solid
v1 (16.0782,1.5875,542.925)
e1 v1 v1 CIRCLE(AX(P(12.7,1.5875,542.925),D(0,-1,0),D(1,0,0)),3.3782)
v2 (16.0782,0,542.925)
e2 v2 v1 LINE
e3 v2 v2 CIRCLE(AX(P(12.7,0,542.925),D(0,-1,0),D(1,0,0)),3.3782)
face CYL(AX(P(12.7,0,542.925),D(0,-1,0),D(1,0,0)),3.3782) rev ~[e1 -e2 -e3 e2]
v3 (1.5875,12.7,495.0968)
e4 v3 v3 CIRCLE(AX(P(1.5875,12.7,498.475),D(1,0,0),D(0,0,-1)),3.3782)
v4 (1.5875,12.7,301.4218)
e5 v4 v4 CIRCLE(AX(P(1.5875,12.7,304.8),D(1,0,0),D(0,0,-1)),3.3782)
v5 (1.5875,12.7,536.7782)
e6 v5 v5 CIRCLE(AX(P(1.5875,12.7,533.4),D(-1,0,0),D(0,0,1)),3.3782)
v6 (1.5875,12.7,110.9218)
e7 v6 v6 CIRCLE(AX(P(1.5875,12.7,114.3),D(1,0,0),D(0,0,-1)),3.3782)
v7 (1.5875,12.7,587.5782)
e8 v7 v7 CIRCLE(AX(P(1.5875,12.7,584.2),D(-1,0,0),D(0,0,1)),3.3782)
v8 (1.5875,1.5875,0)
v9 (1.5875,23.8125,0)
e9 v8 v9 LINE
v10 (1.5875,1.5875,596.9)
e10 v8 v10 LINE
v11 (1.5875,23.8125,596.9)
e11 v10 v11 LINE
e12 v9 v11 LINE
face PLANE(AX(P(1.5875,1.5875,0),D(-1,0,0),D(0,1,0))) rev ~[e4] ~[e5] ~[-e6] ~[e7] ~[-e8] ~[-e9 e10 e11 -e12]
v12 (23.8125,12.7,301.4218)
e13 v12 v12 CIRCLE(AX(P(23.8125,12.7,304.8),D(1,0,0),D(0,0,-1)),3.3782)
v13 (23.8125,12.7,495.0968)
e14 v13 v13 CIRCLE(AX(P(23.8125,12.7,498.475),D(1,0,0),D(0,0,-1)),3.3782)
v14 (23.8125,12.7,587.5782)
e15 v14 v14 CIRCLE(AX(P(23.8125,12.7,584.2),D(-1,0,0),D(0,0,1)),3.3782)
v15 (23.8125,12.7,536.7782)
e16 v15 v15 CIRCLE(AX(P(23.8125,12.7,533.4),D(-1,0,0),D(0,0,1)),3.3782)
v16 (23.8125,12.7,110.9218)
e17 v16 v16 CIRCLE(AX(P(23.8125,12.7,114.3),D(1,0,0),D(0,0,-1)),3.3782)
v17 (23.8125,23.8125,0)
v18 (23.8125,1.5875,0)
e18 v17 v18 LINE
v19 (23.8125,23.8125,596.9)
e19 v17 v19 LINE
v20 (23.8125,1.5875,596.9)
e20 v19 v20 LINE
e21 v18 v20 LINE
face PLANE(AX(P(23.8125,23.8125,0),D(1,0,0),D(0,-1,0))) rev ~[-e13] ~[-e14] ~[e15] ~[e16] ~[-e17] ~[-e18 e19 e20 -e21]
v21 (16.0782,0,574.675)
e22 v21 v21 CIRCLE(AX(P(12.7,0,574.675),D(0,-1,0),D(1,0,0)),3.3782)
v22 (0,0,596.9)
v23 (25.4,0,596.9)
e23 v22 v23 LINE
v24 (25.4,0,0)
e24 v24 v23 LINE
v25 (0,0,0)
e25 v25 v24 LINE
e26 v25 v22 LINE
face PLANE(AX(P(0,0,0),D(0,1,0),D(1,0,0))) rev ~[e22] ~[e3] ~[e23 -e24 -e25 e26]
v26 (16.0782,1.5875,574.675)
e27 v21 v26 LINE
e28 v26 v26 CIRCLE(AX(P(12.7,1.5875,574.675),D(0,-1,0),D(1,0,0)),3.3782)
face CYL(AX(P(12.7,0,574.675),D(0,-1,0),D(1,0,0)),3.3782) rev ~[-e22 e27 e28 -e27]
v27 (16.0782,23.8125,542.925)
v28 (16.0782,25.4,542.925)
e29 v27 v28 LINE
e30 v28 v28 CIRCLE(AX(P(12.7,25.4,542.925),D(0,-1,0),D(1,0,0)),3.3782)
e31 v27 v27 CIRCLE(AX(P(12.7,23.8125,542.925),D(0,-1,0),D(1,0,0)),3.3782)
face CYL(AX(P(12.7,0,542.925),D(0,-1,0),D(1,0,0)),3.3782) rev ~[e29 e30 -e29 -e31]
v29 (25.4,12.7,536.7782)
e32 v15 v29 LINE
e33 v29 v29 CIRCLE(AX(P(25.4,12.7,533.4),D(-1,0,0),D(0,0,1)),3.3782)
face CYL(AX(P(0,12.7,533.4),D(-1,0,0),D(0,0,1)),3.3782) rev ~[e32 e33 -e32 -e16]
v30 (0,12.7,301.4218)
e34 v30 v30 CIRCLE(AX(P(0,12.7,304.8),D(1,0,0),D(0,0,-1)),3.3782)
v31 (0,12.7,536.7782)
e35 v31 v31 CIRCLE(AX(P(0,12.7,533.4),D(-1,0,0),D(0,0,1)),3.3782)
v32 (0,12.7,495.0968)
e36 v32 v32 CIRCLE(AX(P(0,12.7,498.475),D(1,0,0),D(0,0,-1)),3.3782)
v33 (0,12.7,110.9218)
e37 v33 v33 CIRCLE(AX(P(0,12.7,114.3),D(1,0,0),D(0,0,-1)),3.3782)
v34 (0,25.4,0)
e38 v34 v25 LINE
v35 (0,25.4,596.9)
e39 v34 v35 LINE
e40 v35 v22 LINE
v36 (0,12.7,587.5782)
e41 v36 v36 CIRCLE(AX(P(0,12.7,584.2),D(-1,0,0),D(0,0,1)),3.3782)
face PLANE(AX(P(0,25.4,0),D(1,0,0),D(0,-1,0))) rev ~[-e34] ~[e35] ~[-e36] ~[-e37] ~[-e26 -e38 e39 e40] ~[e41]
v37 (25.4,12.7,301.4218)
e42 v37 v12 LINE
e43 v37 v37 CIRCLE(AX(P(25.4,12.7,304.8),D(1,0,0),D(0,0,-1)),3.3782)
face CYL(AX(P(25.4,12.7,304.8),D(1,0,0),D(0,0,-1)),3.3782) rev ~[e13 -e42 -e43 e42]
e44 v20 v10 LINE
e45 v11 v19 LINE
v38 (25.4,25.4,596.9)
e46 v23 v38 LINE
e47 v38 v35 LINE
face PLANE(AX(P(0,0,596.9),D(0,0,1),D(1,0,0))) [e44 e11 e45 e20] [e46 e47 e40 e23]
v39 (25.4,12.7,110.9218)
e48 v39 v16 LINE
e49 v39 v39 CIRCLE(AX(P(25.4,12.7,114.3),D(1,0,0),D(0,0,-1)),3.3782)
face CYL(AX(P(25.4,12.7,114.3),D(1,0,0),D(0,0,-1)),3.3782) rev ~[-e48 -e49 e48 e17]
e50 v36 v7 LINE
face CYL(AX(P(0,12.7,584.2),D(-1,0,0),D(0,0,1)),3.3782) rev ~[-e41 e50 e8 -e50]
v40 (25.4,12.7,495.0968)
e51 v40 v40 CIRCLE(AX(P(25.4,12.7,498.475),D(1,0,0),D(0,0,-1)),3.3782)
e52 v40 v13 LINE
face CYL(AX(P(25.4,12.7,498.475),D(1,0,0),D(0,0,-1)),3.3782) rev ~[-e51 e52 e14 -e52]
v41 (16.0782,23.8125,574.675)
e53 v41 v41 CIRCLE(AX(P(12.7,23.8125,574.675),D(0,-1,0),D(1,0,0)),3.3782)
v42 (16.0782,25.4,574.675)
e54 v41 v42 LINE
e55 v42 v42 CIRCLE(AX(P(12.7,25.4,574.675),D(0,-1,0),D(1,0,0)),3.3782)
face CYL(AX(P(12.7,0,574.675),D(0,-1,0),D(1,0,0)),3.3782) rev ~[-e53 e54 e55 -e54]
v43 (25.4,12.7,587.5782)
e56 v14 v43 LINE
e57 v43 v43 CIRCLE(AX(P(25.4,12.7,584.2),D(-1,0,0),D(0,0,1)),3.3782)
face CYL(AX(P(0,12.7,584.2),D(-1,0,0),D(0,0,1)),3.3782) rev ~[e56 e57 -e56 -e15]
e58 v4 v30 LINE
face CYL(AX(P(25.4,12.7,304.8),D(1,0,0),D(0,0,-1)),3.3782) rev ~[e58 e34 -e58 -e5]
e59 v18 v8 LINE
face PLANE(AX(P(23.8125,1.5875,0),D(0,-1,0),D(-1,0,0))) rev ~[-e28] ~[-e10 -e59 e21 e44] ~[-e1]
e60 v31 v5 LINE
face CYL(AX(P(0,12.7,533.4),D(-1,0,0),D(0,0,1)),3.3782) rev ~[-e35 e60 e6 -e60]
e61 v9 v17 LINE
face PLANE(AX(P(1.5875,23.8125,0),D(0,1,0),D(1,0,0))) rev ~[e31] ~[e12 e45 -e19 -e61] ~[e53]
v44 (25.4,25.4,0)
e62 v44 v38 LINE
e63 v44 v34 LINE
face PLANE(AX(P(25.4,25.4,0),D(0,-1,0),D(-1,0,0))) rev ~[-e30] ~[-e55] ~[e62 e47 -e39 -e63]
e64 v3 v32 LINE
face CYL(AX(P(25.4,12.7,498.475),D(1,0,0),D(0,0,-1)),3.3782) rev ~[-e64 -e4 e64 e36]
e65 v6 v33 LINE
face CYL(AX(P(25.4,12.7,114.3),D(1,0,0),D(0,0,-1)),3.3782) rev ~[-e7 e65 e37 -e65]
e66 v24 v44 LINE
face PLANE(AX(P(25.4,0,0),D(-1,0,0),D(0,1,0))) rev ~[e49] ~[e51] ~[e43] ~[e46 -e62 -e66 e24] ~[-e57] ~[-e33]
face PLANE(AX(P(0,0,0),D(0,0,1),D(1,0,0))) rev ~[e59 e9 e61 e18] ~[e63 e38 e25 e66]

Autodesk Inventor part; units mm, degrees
ref_plane "YZ Plane" through (0, 0, 0) normal (1, 0, 0) x (0, 1, 0)
ref_plane "XZ Plane" through (0, 0, 0) normal (0, 1, 0) x (-1, 0, 0)
ref_plane "XY Plane" through (0, 0, 0) normal (0, 0, 1) x (1, 0, 0)
sketch "Sketch1" plane through (0, 0, 0) normal (0, 0, 1) x (1, 0, 0)
  line L0 (0, 0) -> (25.4, 0)
  line L1 (25.4, 0) -> (25.4, 25.4)
  line L2 (25.4, 25.4) -> (0, 25.4)
  line L3 (0, 25.4) -> (0, 0)
  line L4 (1.5875, 23.8125) -> (23.8125, 23.8125)
  line L5 (23.8125, 23.8125) -> (23.8125, 1.5875)
  line L6 (23.8125, 1.5875) -> (1.5875, 1.5875)
  line L7 (1.5875, 1.5875) -> (1.5875, 23.8125)
  dimension "d0" = 25.4
  dimension "d2" = 25.4
  dimension "d3" = 1.5875
extrude "Extrusion1" add sketch "Sketch1" along normal blind 596.9
sketch "Sketch3" plane through (0, 0, 0) normal (0, -1, 0) x (1, 0, 0)
  circle A0 centre (12.7, 574.675) radius 3.3782 projected
  circle A1 centre (12.7, 542.925) radius 3.3782 projected
extrude "Extrusion3" cut sketch "Sketch3" against normal blind 25.4
sketch "Sketch4" plane through (0, 0, 0) normal (-1, 0, 0) x (0, 0, 1)
  circle A0 centre (533.4, 12.7) radius 3.3782 projected
  circle A1 centre (584.2, 12.7) radius 3.3782 projected
extrude "Extrusion4" cut sketch "Sketch4" against normal blind 25.4
sketch "Sketch5" plane through (25.4, 0, 0) normal (1, 0, 0) x (0, 0, -1)
  line L0 (0, 25.4) -> (-596.9, 25.4) projected
  line L1 (-596.9, 0) -> (-596.9, 25.4) projected
  circle A0 centre (-498.475, 12.7) radius 3.3782
  circle A1 centre (-304.8, 12.7) radius 3.3782
  circle A2 centre (-114.3, 12.7) radius 3.3782
  dimension "d12" = 6.7564
  dimension "d13" = 6.7564
  dimension "d14" = 98.425
  dimension "d15" = 292.1
  dimension "d16" = 6.7564
  dimension "d17" = 482.6
  dimension "d18" = 12.7
  dimension "d19" = 12.7
  dimension "d20" = 12.7
extrude "Extrusion5" cut sketch "Sketch5" against normal blind 25.4
properties part number "Inner Mount" material "Aluminum 6061"
